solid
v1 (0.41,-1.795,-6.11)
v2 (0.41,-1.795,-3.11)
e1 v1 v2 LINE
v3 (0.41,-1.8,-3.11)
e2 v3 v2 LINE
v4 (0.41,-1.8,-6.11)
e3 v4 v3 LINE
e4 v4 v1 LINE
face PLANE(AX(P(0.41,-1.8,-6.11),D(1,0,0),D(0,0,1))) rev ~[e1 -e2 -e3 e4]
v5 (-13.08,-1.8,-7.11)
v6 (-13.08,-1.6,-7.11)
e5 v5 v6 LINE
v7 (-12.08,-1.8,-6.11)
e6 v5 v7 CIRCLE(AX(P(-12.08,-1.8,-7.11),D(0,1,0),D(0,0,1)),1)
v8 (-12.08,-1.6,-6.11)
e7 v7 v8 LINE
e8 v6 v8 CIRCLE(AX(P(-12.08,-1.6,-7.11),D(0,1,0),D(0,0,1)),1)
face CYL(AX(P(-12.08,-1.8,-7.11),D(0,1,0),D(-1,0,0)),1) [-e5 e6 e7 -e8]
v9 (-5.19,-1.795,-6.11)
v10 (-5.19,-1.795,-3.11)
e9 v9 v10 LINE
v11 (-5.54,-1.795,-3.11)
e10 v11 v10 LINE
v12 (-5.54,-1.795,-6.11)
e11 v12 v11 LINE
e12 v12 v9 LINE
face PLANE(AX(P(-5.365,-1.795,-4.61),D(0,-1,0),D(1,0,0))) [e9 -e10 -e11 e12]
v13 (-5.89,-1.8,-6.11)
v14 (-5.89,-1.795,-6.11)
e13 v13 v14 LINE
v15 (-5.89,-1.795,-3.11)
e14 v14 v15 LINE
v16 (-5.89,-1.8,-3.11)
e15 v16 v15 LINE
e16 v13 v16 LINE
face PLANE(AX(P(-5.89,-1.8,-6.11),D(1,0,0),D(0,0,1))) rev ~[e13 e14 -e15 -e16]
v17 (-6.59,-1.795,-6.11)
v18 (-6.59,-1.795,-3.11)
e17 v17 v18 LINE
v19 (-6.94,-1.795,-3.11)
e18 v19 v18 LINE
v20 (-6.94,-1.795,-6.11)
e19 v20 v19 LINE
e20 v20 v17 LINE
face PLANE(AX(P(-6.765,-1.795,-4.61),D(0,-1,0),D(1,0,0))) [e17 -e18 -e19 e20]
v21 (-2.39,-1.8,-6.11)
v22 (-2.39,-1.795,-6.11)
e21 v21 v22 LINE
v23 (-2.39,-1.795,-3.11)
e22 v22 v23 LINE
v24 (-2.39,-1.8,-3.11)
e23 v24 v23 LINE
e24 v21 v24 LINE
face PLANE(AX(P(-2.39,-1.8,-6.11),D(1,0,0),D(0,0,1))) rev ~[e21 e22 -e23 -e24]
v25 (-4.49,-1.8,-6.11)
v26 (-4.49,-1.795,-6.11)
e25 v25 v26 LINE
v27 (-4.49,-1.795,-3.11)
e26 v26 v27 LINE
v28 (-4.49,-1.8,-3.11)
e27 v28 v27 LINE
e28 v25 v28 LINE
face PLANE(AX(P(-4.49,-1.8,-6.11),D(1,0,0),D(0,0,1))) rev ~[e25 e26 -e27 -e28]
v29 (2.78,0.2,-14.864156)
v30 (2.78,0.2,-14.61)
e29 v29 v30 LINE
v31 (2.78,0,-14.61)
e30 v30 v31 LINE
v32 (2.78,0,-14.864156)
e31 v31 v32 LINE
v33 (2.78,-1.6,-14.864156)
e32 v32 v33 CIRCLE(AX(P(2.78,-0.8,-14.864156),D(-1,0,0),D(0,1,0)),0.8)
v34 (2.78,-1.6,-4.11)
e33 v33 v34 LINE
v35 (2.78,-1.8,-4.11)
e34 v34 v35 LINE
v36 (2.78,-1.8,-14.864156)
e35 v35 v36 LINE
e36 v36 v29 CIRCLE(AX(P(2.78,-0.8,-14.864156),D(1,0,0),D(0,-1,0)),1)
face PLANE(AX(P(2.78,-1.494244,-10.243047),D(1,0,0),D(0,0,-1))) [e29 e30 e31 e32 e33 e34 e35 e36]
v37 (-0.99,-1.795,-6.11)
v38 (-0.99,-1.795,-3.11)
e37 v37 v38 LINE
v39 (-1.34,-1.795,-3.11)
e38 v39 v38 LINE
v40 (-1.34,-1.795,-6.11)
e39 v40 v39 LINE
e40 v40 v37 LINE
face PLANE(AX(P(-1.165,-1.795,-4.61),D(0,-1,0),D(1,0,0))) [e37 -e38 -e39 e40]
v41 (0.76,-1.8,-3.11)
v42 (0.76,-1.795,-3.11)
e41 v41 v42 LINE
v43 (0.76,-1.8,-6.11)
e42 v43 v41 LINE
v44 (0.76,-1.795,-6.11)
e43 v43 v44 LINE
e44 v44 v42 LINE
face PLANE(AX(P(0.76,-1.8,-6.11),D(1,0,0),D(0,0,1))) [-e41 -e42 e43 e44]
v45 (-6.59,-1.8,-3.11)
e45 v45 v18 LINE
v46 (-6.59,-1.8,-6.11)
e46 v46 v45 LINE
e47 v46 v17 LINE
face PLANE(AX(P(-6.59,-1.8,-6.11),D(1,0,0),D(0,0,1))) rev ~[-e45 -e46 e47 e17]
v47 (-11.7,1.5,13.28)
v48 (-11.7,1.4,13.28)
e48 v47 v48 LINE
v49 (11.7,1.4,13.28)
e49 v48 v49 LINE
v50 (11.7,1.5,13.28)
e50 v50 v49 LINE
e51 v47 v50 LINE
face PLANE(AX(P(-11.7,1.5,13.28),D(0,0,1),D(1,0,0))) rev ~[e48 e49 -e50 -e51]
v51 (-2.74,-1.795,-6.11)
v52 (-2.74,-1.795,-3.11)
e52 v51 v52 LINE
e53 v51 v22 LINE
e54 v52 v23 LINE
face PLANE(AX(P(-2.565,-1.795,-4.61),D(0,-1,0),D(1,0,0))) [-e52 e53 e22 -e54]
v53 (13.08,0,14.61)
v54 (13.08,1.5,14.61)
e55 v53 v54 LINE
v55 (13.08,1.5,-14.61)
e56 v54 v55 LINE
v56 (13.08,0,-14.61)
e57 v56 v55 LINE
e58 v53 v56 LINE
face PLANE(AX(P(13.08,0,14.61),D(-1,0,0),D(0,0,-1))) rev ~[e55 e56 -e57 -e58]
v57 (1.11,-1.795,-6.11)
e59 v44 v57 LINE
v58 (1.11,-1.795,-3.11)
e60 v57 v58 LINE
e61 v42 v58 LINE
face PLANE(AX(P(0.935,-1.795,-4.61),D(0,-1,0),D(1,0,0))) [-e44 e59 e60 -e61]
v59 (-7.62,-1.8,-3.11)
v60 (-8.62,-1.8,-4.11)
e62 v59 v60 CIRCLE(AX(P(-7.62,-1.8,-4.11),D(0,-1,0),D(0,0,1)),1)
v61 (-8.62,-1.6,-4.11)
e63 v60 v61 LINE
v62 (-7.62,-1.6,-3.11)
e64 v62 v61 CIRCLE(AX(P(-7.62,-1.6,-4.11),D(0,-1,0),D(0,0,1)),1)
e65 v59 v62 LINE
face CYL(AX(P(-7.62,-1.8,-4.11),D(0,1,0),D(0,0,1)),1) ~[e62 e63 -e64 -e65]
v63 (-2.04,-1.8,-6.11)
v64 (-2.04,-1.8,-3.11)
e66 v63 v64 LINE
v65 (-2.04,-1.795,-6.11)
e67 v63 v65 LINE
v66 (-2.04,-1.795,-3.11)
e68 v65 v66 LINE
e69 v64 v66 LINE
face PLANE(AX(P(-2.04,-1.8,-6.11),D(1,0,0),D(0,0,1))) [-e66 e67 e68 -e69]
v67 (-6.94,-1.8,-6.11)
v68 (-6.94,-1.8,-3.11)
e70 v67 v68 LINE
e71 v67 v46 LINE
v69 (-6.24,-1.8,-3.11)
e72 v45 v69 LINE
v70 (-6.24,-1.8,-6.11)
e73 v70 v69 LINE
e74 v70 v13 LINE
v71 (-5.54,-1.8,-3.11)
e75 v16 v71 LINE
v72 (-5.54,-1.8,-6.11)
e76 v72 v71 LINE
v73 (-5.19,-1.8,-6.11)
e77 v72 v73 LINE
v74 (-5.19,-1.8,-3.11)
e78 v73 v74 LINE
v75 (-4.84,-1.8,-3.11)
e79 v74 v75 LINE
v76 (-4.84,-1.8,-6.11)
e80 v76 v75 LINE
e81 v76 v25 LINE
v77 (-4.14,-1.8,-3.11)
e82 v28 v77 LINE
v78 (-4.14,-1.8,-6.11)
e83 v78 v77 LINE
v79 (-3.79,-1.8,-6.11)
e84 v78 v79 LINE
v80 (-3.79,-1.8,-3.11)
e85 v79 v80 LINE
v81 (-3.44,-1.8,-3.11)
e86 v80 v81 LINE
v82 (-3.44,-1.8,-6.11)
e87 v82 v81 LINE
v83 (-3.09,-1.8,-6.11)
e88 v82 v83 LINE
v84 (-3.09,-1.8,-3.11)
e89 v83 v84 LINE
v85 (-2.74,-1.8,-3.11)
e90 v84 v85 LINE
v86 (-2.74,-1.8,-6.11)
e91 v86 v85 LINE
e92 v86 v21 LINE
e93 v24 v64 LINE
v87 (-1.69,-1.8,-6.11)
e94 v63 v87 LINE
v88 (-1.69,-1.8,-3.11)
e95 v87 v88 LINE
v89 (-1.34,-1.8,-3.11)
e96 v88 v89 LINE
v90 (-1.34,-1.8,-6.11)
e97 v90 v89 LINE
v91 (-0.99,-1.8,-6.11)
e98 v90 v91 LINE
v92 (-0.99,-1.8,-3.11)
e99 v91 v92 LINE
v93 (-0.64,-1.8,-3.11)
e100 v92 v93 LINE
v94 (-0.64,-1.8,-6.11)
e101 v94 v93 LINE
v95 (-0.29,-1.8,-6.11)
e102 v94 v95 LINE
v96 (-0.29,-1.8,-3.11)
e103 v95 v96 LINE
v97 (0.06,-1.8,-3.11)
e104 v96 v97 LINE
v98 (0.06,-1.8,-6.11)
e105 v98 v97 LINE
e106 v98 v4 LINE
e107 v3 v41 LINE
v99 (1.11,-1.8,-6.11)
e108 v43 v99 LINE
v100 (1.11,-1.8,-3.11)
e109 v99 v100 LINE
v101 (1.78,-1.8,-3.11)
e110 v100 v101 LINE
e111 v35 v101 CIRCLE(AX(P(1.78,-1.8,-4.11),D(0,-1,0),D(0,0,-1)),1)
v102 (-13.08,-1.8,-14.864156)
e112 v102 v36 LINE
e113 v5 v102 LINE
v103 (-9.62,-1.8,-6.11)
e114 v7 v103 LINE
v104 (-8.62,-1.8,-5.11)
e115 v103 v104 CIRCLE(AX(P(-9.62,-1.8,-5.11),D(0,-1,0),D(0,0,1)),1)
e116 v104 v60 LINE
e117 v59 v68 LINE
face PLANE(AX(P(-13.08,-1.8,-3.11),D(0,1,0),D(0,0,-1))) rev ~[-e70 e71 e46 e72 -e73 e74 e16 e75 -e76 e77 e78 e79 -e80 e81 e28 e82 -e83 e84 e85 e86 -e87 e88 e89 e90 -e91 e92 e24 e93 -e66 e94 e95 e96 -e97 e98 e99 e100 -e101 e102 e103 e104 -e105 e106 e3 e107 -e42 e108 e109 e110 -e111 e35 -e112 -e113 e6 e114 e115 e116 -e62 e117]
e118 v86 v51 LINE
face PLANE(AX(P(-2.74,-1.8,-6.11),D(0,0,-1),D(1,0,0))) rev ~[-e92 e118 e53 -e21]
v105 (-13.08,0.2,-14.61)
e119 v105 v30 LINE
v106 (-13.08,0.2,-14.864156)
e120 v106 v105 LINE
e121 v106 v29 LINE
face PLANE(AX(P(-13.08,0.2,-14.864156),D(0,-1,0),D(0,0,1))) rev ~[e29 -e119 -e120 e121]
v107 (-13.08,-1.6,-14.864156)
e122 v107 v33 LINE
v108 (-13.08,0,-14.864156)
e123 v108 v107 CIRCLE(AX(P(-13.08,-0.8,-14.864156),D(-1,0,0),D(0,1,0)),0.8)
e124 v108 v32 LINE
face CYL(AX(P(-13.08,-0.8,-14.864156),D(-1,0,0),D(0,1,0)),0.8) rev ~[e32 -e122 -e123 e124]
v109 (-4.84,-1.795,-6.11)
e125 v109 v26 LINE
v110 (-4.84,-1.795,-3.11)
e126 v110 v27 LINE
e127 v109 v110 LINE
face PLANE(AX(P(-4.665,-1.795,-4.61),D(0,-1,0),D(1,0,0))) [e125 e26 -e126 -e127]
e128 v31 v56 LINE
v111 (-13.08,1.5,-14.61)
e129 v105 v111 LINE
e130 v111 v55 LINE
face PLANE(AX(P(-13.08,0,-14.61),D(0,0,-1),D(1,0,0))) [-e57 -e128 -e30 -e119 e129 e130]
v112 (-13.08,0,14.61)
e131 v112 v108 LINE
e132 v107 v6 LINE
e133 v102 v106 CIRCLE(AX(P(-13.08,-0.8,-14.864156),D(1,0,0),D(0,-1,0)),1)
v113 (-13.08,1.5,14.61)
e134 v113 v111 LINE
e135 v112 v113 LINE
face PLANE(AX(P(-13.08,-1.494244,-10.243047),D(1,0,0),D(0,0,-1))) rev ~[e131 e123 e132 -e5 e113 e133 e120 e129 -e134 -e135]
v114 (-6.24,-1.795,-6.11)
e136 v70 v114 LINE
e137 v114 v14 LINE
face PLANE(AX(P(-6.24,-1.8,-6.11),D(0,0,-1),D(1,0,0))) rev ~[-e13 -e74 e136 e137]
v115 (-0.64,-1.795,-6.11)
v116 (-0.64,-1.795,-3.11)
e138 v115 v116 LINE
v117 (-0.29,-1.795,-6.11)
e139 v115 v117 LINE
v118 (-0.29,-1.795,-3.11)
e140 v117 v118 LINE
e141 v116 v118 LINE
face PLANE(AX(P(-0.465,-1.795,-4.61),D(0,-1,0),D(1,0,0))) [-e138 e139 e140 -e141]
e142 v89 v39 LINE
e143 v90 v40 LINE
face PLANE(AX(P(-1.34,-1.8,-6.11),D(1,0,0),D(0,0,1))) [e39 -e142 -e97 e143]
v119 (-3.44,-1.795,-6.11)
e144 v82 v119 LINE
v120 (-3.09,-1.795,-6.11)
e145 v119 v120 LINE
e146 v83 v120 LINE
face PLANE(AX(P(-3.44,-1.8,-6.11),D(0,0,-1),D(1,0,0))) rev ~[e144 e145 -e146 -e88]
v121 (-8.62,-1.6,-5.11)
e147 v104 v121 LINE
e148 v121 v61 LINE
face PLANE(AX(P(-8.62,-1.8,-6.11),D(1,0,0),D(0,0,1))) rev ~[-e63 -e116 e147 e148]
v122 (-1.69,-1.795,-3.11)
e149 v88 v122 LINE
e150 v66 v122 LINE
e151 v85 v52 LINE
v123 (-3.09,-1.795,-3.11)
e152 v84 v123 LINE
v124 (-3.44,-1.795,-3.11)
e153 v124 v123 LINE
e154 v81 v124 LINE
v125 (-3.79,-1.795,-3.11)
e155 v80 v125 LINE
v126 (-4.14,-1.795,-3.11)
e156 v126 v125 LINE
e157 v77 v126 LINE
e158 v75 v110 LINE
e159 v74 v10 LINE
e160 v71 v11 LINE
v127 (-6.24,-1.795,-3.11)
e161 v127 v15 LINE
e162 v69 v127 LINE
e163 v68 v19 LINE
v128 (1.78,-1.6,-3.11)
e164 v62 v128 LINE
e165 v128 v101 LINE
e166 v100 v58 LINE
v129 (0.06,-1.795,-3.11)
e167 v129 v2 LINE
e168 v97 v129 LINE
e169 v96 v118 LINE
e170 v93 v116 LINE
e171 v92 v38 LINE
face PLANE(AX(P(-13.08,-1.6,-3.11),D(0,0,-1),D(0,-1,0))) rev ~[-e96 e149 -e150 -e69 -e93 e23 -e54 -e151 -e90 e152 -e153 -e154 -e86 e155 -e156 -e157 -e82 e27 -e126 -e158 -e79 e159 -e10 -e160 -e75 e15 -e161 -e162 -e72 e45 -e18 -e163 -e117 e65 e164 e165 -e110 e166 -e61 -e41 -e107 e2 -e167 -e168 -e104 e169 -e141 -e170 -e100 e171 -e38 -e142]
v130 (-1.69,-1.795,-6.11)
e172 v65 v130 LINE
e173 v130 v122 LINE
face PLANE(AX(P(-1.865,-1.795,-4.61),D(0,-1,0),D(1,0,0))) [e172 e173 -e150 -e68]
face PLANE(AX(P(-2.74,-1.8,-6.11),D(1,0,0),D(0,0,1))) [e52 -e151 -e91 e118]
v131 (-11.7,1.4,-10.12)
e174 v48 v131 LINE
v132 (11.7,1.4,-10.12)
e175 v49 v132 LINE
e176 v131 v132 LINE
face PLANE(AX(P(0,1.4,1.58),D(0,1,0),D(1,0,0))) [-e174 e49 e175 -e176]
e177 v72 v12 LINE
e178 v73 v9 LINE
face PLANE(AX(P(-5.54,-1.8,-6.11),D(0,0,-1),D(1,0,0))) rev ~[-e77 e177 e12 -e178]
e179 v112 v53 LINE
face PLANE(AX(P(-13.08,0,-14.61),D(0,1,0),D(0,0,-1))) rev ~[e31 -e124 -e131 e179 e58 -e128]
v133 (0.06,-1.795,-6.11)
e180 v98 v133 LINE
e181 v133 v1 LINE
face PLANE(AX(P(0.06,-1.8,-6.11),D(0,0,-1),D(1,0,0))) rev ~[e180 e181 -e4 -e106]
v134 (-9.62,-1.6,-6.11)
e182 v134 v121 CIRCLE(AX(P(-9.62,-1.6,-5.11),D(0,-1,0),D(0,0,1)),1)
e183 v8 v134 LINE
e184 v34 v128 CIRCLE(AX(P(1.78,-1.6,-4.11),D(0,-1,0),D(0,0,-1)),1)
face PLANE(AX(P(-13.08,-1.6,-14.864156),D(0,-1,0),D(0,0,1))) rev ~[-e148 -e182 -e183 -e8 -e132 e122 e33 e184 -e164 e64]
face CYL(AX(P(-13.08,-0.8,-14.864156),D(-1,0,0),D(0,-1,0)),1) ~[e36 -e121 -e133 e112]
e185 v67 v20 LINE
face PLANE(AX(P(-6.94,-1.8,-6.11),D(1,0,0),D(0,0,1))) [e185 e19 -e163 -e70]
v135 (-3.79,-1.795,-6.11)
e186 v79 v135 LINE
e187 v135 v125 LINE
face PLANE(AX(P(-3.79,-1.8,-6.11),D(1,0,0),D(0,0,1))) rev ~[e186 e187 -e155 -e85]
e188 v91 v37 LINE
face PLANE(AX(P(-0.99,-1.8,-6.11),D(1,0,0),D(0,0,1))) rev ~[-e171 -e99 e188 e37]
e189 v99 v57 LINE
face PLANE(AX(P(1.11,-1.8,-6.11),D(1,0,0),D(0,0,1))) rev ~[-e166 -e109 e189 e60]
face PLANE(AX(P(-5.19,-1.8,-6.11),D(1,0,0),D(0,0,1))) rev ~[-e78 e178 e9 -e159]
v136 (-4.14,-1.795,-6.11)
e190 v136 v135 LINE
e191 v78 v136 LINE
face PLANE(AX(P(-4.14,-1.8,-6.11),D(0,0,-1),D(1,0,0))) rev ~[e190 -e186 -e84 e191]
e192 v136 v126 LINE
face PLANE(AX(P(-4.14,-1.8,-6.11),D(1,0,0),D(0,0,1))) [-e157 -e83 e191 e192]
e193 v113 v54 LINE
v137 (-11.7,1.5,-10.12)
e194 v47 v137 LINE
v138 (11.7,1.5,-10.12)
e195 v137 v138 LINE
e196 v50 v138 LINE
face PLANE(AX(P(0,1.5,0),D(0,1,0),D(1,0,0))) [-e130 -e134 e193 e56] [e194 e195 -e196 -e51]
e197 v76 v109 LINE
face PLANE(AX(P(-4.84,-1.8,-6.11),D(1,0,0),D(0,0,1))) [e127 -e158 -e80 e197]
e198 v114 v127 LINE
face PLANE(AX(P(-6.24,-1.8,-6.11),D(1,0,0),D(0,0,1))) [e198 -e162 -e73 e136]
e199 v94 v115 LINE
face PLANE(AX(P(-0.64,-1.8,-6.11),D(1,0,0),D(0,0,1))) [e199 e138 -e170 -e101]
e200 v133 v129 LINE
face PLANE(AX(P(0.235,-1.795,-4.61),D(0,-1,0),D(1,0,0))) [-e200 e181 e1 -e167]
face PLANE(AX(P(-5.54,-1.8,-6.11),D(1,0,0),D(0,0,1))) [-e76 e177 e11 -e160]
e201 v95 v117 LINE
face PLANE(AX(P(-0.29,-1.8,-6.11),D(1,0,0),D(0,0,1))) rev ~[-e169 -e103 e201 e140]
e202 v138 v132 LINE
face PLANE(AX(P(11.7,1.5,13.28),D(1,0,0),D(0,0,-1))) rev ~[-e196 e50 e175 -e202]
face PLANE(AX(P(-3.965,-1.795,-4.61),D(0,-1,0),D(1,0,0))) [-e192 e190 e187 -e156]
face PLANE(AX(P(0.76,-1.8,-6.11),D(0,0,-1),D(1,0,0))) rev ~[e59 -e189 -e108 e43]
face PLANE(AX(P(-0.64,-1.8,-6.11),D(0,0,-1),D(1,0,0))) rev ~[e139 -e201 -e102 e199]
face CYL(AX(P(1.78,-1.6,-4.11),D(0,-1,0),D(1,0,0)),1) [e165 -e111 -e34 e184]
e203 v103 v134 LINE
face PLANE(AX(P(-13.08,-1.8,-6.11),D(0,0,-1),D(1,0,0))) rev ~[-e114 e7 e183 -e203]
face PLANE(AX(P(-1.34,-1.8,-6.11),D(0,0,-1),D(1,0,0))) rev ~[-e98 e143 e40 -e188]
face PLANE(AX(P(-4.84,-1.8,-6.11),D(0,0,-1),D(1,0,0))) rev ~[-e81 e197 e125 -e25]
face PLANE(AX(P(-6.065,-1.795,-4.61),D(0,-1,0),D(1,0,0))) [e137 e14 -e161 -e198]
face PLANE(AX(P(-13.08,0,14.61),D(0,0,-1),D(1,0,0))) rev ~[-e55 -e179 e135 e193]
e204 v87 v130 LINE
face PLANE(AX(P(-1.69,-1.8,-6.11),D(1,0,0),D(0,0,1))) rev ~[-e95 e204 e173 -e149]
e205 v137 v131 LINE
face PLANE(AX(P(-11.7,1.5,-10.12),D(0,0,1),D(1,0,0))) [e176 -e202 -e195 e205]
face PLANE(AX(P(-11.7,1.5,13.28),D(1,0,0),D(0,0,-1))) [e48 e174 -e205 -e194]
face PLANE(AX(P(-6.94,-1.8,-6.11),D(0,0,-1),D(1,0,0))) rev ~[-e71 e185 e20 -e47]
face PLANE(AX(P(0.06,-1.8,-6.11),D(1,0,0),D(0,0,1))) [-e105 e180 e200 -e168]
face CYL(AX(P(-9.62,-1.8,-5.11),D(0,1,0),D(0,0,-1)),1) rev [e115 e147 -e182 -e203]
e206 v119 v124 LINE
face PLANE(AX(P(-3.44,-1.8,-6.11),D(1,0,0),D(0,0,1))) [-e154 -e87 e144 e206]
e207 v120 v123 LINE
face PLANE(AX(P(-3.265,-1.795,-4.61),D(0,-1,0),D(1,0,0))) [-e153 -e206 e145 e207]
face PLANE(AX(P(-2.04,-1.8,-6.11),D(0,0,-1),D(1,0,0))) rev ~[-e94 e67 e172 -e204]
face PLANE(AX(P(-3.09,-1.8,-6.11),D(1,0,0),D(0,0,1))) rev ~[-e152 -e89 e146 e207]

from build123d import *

# Parameters (mm, degrees)
SKETCH_1_W          = 26.16
SKETCH_1_H          = 29.22
EXTRUDE_1_DEPTH     = 1.5
EXTRUDE_2_DEPTH     = 15.86
SKETCH_4_W          = 4.46
SKETCH_4_H          = 3
CUT_EXTRUDE_1_DEPTH = 1
FILLET_2_R          = 1
SKETCH_5_W          = 23.4
SKETCH_5_H          = 23.4
CUT_EXTRUDE_2_DEPTH = 0.1
SKETCH_6_W          = 0.35
SKETCH_6_H          = 3
CUT_EXTRUDE_3_DEPTH = 0.005


with BuildPart() as part:
    # 草图1 → 凸台-拉伸1 (new body)
    with BuildSketch(Plane(origin=(0, 0, 0), x_dir=(1, 0, 0), z_dir=(0, 1, 0))):
        Rectangle(SKETCH_1_W, SKETCH_1_H)
    extrude(amount=EXTRUDE_1_DEPTH)

    # 草图3 → 凸台-拉伸2 (add)
    with BuildSketch(Plane.ZY.offset(13.08)):
        with BuildLine():
            Line((-14.61, 0), (-14.864156079, 0))
            ThreePointArc((-14.864156079, 0), (-15.664156079, -0.8), (-14.864156079, -1.6))
            Line((-14.864156079, -1.6), (-3.11, -1.6))
            Line((-3.11, -1.6), (-3.11, -1.8))
            Line((-3.11, -1.8), (-14.864156079, -1.8))
            ThreePointArc((-14.864156079, -1.8), (-15.864156079, -0.8), (-14.864156079, 0.2))
            Line((-14.864156079, 0.2), (-14.61, 0.2))
            Line((-14.61, 0.2), (-14.61, 0))
        make_face()
    extrude(amount=-EXTRUDE_2_DEPTH)

    # 草图4 → 切除-拉伸1 (cut)
    with BuildSketch(Plane.XZ.offset(1.8)):
        with Locations((-10.85, -4.61)):
            Rectangle(SKETCH_4_W, SKETCH_4_H)
    extrude(amount=-CUT_EXTRUDE_1_DEPTH, mode=Mode.SUBTRACT)

    # 圆角2
    fillet_2_edges = [part.edges().sort_by_distance(p)[0] for p in [
        (2.78, -1.7, -3.11),
        (-13.08, -1.7, -6.11),
        (-8.62, -1.7, -3.11),
        (-8.62, -1.7, -6.11),
    ]]
    fillet(fillet_2_edges, radius=FILLET_2_R)

    # 草图5 → 切除-拉伸2 (cut)
    with BuildSketch(Plane(origin=(0, 1.5, 0), x_dir=(1, 0, 0), z_dir=(0, 1, 0))):
        with Locations((0, -1.58)):
            Rectangle(SKETCH_5_W, SKETCH_5_H)
    extrude(amount=-CUT_EXTRUDE_2_DEPTH, mode=Mode.SUBTRACT)

    # 草图6 → 切除-拉伸3 (cut)
    with BuildSketch(Plane.XZ.offset(1.8)):
        with Locations((-6.765, -4.61)):
            Rectangle(SKETCH_6_W, SKETCH_6_H)
        with Locations((-6.065, -4.61)):
            Rectangle(SKETCH_6_W, SKETCH_6_H)
        with Locations((-5.365, -4.61)):
            Rectangle(SKETCH_6_W, SKETCH_6_H)
        with Locations((-4.665, -4.61)):
            Rectangle(SKETCH_6_W, SKETCH_6_H)
        with Locations((-3.965, -4.61)):
            Rectangle(SKETCH_6_W, SKETCH_6_H)
        with Locations((-3.265, -4.61)):
            Rectangle(SKETCH_6_W, SKETCH_6_H)
        with Locations((-2.565, -4.61)):
            Rectangle(SKETCH_6_W, SKETCH_6_H)
        with Locations((-1.865, -4.61)):
            Rectangle(SKETCH_6_W, SKETCH_6_H)
        with Locations((-1.165, -4.61)):
            Rectangle(SKETCH_6_W, SKETCH_6_H)
        with Locations((-0.465, -4.61)):
            Rectangle(SKETCH_6_W, SKETCH_6_H)
        with Locations((0.235, -4.61)):
            Rectangle(SKETCH_6_W, SKETCH_6_H)
        with Locations((0.935, -4.61)):
            Rectangle(SKETCH_6_W, SKETCH_6_H)
    extrude(amount=-CUT_EXTRUDE_3_DEPTH, mode=Mode.SUBTRACT)


solid = part.part
